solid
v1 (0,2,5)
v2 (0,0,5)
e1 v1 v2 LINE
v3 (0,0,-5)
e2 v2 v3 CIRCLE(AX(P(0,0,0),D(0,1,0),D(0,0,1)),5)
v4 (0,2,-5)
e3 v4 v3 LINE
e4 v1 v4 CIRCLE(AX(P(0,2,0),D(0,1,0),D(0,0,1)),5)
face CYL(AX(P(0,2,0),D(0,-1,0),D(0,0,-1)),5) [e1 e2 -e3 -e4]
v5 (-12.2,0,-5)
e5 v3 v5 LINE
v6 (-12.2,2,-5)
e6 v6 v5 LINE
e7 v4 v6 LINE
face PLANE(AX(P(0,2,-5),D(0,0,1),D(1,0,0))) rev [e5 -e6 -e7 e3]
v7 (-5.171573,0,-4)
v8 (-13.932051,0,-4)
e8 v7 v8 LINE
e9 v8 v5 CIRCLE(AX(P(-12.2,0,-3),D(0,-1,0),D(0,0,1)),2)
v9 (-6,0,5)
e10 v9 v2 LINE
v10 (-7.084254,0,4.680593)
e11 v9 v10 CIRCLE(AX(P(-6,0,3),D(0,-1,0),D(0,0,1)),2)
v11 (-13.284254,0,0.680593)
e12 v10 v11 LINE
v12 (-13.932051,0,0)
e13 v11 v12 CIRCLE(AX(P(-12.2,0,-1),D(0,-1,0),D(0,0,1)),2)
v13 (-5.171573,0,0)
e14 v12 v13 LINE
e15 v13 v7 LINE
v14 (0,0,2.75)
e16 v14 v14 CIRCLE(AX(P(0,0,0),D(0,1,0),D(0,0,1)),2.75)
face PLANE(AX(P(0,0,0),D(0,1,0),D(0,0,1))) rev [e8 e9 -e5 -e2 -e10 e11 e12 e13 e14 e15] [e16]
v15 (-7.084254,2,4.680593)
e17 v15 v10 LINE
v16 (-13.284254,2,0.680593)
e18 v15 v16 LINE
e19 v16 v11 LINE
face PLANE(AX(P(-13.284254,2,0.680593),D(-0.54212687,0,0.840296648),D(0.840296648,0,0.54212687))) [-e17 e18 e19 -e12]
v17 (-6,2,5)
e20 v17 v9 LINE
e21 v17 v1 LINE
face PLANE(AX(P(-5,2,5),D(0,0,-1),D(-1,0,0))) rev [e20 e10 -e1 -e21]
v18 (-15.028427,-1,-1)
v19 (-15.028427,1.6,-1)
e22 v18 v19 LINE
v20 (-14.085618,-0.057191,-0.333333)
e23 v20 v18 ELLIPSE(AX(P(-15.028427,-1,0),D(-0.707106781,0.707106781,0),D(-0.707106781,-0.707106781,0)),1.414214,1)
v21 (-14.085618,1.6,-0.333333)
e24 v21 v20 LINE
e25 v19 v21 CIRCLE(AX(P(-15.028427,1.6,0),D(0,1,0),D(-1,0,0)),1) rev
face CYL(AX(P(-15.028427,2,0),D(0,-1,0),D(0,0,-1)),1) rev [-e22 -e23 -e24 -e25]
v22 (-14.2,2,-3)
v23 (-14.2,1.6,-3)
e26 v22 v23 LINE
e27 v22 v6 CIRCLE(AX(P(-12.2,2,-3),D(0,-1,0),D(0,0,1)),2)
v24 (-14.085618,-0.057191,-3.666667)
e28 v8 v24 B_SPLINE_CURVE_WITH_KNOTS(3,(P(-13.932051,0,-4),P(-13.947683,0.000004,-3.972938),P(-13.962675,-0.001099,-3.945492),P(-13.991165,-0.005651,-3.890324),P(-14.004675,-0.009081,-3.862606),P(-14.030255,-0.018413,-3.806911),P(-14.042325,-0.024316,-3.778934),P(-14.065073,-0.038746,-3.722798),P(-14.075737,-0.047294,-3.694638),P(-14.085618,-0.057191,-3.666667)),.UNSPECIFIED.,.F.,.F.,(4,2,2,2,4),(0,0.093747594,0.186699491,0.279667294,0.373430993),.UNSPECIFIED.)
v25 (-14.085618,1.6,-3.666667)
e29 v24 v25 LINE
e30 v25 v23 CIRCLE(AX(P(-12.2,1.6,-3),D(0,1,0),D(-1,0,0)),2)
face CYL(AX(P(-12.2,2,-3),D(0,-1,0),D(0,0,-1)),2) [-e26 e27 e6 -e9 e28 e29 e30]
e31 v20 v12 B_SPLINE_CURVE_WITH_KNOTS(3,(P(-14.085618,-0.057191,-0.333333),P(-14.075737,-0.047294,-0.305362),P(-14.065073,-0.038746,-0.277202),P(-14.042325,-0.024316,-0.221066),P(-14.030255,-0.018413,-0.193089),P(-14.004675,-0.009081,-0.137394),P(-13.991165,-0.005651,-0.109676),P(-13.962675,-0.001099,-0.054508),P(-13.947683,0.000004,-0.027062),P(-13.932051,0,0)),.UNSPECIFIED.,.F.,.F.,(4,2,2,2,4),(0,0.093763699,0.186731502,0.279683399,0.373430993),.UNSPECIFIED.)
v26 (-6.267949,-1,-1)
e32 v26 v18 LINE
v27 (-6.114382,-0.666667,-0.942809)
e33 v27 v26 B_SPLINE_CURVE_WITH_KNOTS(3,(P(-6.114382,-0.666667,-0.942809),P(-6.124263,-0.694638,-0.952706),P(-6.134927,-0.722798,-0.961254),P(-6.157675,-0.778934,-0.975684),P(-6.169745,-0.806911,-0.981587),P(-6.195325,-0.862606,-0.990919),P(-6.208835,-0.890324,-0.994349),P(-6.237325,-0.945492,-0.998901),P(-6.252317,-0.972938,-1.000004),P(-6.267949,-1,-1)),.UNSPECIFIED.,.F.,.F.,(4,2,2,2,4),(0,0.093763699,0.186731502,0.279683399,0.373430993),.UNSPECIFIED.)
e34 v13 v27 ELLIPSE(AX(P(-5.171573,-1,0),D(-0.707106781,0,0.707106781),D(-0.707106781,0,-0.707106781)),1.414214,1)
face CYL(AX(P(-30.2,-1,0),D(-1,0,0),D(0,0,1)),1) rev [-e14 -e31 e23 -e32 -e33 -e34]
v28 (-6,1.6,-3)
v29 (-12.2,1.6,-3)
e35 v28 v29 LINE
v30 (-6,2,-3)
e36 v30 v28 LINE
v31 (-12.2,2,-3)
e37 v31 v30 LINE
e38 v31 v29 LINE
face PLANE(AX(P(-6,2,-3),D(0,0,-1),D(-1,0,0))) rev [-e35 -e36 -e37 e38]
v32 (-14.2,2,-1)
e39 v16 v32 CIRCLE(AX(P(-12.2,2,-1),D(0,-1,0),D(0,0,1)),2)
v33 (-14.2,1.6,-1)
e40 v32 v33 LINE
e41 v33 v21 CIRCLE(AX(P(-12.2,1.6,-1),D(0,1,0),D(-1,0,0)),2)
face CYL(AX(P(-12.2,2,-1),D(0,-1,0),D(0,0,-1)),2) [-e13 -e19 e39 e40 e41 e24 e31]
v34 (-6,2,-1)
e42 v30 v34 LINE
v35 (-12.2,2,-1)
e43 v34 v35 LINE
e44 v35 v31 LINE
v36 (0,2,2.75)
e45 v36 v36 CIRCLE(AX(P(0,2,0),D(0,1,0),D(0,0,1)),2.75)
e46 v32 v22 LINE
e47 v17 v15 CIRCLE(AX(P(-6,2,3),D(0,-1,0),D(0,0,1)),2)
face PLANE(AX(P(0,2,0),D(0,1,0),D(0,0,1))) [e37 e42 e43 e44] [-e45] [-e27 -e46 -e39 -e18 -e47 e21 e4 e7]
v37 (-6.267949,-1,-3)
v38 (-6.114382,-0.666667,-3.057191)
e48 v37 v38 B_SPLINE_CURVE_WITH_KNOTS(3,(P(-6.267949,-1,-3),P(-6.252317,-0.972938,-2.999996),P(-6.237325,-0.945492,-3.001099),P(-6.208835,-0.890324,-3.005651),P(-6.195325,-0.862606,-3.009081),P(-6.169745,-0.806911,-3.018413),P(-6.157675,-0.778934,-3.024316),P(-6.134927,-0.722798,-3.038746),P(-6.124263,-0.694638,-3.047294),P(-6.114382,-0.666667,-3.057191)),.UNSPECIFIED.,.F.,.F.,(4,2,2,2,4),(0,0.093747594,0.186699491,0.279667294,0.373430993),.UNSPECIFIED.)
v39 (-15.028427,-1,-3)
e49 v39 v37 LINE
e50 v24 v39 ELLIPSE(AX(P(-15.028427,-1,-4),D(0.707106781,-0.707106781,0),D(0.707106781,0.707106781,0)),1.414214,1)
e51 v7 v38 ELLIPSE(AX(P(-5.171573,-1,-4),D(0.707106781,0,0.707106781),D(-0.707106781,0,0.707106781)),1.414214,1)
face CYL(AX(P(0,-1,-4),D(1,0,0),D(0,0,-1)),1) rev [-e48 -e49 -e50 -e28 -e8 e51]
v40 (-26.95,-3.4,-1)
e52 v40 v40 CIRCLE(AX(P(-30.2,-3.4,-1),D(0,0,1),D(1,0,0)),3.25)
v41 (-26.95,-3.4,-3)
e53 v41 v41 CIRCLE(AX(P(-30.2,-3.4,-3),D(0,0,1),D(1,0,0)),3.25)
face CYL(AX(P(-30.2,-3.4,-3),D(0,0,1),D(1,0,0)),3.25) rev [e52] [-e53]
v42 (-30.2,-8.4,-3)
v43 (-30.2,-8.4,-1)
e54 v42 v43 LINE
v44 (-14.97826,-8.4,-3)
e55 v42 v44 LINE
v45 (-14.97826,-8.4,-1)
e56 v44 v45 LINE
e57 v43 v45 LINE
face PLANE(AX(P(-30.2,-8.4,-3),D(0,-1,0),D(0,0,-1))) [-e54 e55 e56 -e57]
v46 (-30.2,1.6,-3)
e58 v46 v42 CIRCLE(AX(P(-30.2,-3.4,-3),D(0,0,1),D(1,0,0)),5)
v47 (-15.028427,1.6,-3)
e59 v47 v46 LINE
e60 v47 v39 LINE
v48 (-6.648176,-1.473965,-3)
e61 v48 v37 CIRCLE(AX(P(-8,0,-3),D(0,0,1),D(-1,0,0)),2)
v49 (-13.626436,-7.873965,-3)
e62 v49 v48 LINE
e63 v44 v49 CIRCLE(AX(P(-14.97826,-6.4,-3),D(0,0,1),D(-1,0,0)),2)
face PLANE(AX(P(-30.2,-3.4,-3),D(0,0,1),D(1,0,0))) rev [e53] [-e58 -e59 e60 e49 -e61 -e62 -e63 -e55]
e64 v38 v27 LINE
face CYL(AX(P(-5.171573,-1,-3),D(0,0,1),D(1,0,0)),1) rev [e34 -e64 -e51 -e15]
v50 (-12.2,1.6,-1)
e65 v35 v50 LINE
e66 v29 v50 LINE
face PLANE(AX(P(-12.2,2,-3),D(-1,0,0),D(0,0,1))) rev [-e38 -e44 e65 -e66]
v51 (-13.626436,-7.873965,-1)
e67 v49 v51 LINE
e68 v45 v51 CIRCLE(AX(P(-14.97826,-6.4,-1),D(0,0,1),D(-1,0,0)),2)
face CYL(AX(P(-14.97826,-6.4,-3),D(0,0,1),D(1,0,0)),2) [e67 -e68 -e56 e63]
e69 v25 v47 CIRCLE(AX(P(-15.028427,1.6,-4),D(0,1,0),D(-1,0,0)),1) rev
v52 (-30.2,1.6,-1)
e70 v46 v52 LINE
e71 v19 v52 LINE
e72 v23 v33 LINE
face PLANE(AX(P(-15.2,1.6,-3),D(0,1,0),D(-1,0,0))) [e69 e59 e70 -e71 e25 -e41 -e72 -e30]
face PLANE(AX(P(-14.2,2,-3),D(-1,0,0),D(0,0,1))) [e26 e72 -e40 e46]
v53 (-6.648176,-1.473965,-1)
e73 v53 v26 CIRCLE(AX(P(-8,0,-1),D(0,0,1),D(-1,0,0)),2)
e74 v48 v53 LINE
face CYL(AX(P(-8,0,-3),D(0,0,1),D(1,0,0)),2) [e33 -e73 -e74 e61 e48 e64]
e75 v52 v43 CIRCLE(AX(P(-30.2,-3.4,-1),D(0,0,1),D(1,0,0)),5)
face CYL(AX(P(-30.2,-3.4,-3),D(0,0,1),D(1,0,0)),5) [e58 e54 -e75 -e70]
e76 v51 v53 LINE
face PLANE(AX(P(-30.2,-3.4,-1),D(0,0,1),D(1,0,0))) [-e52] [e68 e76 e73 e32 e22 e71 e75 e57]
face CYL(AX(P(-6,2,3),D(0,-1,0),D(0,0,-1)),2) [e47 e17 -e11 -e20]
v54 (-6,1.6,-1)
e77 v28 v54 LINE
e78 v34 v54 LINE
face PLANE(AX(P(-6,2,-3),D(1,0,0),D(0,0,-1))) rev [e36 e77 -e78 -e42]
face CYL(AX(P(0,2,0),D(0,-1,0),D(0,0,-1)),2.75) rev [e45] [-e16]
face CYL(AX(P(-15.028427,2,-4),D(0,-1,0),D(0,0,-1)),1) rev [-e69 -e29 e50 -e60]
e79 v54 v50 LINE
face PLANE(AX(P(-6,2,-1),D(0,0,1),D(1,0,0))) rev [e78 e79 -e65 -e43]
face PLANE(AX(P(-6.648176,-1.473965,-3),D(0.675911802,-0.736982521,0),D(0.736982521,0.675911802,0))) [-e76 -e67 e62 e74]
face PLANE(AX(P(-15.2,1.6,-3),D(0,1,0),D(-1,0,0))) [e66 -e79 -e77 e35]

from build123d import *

# Parameters (mm, degrees)
SKETCH12_R          = 2.75
BOSS_EXTRUDE5_DEPTH = 2
BOSS_EXTRUDE6_START = -1
SKETCH20_R          = 3.25
BOSS_EXTRUDE6_DEPTH = 2
SKETCH21_W          = 6.2
SKETCH21_H          = 2
BOSS_EXTRUDE7_DEPTH = 2
BOSS_EXTRUDE8_DEPTH = 2
FILLET1_R           = 1


with BuildPart() as part:
    # Sketch12 → Boss-Extrude5 (new body)
    with BuildSketch(Plane(origin=(0, 0, 0), x_dir=(1, 0, 0), z_dir=(0, 1, 0))):
        with BuildLine():
            Line((0, 5), (-5, 5))
            Line((-5, 5), (-5, -5))
            Line((-5, -5), (0, -5))
            ThreePointArc((0, -5), (5, 0), (0, 5))
        make_face()
        with Locations(Location((0, 0, 0), (0, 0, 270))):
            Circle(SKETCH12_R, mode=Mode.SUBTRACT)
    extrude(amount=BOSS_EXTRUDE5_DEPTH)

    # Sketch21 → Boss-Extrude7 (add)
    with BuildSketch(Plane.XZ):
        with BuildLine():
            Line((-5, -5), (-6, -5))
            Line((-6, -5), (-12.2, -5))
            ThreePointArc((-12.2, -5), (-13.614213562, -4.414213562), (-14.2, -3))
            Line((-14.2, -3), (-14.2, -1))
            ThreePointArc((-14.2, -1), (-13.956204356, -0.043053679), (-13.28425374, 0.680593296))
            Line((-13.28425374, 0.680593296), (-7.08425374, 4.680593296))
            ThreePointArc((-7.08425374, 4.680593296), (-6.565160777, 4.918487242), (-6, 5))
            Line((-6, 5), (-5, 5))
            Line((-5, 5), (-5, -5))
        make_face()
        with Locations((-9.1, -2)):
            Rectangle(SKETCH21_W, SKETCH21_H, mode=Mode.SUBTRACT)
    extrude(amount=-BOSS_EXTRUDE7_DEPTH)



with BuildPart() as body_2:
    # Sketch20 → Boss-Extrude6 (new body)
    with BuildSketch(Plane.XY.offset(BOSS_EXTRUDE6_START)):
        with BuildLine():
            Line((-15.2, -8.4), (-15.2, 1.6))
            Line((-15.2, 1.6), (-30.2, 1.6))
            ThreePointArc((-30.2, 1.6), (-35.2, -3.4), (-30.2, -8.4))
            Line((-30.2, -8.4), (-15.2, -8.4))
        make_face()
        with Locations((-30.2, -3.4)):
            Circle(SKETCH20_R, mode=Mode.SUBTRACT)
    extrude(amount=-BOSS_EXTRUDE6_DEPTH)


with BuildPart() as part_1:
    add(part.part)

    add(body_2.part)  # Boss-Extrude8 merges body 2
    # Sketch22 → Boss-Extrude8 (add)
    with BuildSketch(Plane.XY.offset(-1)):
        with BuildLine():
            Line((-6.648176396, -1.473965041), (-13.626436158, -7.873965041))
            ThreePointArc((-13.626436158, -7.873965041), (-14.252977088, -8.26385757), (-14.978259763, -8.4))
            Line((-14.978259763, -8.4), (-15.2, -8.4))
            Line((-15.2, -8.4), (-15.2, 1.6))
            Line((-15.2, 1.6), (-6, 1.6))
            Line((-6, 1.6), (-6, 0))
            ThreePointArc((-6, 0), (-6.169201375, -0.805094029), (-6.648176396, -1.473965041))
        make_face()
    extrude(amount=-BOSS_EXTRUDE8_DEPTH)

    # Fillet1
    fillet1_edges = [part_1.edges().sort_by_distance(p)[0] for p in [
        (-6, 0, -2),
        (-14.2, 0.8, -1),
        (-14.2, 0.8, -3),
        (-10.1, 0, -3),
        (-10.1, 0, -1),
    ]]
    fillet(fillet1_edges, radius=FILLET1_R)


solid = part_1.part
